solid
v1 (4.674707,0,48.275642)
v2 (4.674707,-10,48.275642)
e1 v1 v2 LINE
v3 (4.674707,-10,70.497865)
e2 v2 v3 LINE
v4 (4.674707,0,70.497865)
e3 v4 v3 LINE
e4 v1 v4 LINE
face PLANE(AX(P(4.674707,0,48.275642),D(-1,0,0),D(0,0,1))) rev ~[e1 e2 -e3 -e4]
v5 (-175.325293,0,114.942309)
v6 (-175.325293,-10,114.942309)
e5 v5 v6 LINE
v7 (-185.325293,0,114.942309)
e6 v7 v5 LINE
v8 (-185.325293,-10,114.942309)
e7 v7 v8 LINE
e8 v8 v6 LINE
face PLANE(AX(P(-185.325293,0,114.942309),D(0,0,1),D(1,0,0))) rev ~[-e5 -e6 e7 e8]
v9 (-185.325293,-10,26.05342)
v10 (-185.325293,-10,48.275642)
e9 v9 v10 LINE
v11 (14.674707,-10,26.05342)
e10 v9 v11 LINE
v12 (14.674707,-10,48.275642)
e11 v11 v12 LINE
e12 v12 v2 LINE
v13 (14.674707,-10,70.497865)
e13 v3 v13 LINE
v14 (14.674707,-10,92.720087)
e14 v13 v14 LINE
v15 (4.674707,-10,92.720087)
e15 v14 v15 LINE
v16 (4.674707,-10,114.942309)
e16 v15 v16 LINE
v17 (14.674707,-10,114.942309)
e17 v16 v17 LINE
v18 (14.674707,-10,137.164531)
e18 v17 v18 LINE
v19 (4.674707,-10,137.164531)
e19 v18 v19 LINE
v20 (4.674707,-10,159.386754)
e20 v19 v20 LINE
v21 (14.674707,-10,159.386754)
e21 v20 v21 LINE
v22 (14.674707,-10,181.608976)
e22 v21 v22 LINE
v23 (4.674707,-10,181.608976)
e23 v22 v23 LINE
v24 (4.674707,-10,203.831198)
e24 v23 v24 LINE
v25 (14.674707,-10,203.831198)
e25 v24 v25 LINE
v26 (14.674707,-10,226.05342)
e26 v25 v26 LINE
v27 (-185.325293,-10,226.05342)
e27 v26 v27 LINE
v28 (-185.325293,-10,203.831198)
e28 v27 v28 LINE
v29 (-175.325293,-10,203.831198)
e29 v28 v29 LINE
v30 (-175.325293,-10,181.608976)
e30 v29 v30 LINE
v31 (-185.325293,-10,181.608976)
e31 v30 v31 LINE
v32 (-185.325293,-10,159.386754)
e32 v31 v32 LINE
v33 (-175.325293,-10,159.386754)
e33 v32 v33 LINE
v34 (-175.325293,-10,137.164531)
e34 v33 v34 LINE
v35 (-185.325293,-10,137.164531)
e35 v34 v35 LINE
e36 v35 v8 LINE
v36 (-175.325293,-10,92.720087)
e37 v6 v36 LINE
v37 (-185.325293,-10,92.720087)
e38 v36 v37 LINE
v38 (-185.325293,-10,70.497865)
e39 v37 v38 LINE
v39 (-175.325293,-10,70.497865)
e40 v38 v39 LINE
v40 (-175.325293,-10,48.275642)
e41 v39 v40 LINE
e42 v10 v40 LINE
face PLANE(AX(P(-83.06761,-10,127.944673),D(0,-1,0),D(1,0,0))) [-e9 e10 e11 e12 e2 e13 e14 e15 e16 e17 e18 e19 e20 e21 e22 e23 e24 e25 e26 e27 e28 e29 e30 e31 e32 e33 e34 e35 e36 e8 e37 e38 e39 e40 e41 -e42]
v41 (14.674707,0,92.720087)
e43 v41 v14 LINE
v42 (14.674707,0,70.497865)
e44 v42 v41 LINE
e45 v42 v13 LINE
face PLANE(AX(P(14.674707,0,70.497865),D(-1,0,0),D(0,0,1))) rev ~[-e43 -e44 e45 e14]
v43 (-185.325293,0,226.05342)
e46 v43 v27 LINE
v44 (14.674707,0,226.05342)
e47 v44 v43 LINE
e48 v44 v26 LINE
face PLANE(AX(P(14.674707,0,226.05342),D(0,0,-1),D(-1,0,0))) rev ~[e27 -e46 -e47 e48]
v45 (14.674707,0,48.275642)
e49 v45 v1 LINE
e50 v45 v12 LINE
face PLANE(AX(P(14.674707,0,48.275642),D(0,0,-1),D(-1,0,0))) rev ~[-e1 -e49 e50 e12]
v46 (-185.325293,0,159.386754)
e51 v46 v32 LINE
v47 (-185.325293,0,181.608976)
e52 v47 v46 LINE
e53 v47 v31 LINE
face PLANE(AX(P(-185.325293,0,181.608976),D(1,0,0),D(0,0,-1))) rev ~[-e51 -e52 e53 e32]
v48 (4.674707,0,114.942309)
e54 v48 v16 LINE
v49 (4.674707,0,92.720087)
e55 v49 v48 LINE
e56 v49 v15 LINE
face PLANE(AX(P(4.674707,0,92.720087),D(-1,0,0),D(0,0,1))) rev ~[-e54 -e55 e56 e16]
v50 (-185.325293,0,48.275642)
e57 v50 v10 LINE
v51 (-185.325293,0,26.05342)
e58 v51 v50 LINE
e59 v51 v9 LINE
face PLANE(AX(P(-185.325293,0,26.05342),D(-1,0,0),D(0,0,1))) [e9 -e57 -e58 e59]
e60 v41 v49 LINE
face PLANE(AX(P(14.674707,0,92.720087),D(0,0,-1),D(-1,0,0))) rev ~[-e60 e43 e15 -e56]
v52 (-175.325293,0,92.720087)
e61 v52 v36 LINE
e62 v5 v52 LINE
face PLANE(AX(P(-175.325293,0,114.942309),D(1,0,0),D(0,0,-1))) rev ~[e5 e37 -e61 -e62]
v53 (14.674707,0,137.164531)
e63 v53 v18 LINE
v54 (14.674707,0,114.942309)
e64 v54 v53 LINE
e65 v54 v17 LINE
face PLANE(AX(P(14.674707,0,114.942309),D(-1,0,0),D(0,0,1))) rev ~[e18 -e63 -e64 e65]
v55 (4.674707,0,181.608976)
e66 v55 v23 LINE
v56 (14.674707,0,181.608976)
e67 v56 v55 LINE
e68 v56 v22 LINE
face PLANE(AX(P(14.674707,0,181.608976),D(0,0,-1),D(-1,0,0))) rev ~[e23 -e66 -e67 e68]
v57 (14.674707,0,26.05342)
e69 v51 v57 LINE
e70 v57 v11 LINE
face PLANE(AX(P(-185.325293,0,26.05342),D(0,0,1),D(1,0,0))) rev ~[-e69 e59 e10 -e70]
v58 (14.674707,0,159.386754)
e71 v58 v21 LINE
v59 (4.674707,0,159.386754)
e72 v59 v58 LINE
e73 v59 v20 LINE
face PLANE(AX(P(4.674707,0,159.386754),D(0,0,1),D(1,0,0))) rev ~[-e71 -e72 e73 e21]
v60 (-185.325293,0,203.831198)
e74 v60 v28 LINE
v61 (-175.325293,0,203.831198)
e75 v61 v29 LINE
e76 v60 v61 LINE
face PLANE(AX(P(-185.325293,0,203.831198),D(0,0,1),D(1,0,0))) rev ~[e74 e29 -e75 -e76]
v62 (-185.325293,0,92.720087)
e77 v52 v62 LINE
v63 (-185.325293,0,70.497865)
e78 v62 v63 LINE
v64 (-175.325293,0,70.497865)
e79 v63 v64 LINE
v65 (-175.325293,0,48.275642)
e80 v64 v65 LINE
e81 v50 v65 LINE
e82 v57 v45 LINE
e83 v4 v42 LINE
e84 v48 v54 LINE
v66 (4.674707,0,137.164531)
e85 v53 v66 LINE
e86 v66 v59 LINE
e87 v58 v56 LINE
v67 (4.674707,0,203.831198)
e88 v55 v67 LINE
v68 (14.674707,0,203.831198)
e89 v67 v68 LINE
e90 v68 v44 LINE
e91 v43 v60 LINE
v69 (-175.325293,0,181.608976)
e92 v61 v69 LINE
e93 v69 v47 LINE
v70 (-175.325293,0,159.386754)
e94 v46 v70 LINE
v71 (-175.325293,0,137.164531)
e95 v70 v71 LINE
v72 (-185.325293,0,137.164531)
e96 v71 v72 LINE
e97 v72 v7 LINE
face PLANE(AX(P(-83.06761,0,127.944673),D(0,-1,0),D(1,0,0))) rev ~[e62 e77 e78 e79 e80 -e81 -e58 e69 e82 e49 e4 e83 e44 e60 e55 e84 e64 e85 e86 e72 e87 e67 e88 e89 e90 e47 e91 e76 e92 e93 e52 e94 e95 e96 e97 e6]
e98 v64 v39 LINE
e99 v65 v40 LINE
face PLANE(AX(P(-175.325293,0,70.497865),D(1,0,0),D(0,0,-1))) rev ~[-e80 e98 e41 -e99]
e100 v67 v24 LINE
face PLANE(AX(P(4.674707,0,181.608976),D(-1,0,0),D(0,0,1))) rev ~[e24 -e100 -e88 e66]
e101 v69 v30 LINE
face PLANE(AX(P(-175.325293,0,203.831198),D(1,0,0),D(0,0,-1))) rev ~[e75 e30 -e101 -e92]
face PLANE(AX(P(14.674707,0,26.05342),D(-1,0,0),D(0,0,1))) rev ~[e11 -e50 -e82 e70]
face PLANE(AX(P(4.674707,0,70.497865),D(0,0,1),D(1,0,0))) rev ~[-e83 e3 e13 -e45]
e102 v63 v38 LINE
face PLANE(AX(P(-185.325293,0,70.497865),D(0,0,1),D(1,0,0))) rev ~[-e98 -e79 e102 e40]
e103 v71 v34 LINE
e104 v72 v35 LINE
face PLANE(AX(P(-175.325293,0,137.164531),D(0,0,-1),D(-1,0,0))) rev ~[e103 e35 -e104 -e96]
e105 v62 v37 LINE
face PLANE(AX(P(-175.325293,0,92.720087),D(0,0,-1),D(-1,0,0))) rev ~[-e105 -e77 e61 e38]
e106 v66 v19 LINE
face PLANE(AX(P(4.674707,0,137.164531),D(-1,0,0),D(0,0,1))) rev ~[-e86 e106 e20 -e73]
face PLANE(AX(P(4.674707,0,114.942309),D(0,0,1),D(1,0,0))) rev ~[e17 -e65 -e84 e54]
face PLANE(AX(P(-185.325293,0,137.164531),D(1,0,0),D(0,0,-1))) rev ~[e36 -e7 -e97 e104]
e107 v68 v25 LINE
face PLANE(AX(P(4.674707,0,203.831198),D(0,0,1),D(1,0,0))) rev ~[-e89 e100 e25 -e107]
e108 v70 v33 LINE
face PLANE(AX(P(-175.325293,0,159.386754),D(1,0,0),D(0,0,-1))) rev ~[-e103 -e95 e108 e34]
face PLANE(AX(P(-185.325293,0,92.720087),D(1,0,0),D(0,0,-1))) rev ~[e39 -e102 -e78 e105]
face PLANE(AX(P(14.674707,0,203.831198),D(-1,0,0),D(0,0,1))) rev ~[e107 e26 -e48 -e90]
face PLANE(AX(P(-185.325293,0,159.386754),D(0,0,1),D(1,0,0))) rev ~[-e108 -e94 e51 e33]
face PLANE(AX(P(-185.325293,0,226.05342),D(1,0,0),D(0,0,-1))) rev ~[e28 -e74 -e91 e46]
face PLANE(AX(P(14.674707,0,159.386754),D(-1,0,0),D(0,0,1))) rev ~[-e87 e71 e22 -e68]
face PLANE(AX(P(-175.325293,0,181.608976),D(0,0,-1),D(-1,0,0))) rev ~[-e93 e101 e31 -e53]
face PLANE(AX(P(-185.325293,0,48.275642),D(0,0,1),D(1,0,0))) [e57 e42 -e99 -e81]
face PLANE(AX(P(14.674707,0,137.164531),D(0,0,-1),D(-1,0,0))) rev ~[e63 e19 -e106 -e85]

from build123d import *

# Parameters (mm, degrees)
F0_W     = 10
F0_H     = 22.222222
F1_DEPTH = 10


with BuildPart() as f1:
    # F0 (on Front) → F1 (new body)
    with BuildSketch(Plane.XZ):
        Polygon((14.674707, 226.05342), (-185.325293, 226.05342), (-185.325293, 203.831198), (-175.325293, 203.831198), (-175.325293, 181.608976), (-185.325293, 181.608976), (-185.325293, 159.386754), (-175.325293, 159.386754), (-175.325293, 137.164531), (-185.325293, 137.164531), (-185.325293, 114.942309), (-175.325293, 114.942309), (-175.325293, 92.720087), (-185.325293, 92.720087), (-185.325293, 70.497865), (-175.325293, 70.497865), (-175.325293, 48.275642), (-175.325293, 26.05342), (14.674707, 26.05342), (14.674707, 48.275642), (4.674707, 48.275642), (4.674707, 70.497865), (14.674707, 70.497865), (14.674707, 92.720087), (4.674707, 92.720087), (4.674707, 114.942309), (14.674707, 114.942309), (14.674707, 137.164531), (4.674707, 137.164531), (4.674707, 159.386754), (14.674707, 159.386754), (14.674707, 181.608976), (4.674707, 181.608976), (4.674707, 203.831198), (14.674707, 203.831198), align=None)
        with Locations((-180.325293, 37.164531)):
            Rectangle(F0_W, F0_H)
    extrude(amount=F1_DEPTH)


solid = f1.part
